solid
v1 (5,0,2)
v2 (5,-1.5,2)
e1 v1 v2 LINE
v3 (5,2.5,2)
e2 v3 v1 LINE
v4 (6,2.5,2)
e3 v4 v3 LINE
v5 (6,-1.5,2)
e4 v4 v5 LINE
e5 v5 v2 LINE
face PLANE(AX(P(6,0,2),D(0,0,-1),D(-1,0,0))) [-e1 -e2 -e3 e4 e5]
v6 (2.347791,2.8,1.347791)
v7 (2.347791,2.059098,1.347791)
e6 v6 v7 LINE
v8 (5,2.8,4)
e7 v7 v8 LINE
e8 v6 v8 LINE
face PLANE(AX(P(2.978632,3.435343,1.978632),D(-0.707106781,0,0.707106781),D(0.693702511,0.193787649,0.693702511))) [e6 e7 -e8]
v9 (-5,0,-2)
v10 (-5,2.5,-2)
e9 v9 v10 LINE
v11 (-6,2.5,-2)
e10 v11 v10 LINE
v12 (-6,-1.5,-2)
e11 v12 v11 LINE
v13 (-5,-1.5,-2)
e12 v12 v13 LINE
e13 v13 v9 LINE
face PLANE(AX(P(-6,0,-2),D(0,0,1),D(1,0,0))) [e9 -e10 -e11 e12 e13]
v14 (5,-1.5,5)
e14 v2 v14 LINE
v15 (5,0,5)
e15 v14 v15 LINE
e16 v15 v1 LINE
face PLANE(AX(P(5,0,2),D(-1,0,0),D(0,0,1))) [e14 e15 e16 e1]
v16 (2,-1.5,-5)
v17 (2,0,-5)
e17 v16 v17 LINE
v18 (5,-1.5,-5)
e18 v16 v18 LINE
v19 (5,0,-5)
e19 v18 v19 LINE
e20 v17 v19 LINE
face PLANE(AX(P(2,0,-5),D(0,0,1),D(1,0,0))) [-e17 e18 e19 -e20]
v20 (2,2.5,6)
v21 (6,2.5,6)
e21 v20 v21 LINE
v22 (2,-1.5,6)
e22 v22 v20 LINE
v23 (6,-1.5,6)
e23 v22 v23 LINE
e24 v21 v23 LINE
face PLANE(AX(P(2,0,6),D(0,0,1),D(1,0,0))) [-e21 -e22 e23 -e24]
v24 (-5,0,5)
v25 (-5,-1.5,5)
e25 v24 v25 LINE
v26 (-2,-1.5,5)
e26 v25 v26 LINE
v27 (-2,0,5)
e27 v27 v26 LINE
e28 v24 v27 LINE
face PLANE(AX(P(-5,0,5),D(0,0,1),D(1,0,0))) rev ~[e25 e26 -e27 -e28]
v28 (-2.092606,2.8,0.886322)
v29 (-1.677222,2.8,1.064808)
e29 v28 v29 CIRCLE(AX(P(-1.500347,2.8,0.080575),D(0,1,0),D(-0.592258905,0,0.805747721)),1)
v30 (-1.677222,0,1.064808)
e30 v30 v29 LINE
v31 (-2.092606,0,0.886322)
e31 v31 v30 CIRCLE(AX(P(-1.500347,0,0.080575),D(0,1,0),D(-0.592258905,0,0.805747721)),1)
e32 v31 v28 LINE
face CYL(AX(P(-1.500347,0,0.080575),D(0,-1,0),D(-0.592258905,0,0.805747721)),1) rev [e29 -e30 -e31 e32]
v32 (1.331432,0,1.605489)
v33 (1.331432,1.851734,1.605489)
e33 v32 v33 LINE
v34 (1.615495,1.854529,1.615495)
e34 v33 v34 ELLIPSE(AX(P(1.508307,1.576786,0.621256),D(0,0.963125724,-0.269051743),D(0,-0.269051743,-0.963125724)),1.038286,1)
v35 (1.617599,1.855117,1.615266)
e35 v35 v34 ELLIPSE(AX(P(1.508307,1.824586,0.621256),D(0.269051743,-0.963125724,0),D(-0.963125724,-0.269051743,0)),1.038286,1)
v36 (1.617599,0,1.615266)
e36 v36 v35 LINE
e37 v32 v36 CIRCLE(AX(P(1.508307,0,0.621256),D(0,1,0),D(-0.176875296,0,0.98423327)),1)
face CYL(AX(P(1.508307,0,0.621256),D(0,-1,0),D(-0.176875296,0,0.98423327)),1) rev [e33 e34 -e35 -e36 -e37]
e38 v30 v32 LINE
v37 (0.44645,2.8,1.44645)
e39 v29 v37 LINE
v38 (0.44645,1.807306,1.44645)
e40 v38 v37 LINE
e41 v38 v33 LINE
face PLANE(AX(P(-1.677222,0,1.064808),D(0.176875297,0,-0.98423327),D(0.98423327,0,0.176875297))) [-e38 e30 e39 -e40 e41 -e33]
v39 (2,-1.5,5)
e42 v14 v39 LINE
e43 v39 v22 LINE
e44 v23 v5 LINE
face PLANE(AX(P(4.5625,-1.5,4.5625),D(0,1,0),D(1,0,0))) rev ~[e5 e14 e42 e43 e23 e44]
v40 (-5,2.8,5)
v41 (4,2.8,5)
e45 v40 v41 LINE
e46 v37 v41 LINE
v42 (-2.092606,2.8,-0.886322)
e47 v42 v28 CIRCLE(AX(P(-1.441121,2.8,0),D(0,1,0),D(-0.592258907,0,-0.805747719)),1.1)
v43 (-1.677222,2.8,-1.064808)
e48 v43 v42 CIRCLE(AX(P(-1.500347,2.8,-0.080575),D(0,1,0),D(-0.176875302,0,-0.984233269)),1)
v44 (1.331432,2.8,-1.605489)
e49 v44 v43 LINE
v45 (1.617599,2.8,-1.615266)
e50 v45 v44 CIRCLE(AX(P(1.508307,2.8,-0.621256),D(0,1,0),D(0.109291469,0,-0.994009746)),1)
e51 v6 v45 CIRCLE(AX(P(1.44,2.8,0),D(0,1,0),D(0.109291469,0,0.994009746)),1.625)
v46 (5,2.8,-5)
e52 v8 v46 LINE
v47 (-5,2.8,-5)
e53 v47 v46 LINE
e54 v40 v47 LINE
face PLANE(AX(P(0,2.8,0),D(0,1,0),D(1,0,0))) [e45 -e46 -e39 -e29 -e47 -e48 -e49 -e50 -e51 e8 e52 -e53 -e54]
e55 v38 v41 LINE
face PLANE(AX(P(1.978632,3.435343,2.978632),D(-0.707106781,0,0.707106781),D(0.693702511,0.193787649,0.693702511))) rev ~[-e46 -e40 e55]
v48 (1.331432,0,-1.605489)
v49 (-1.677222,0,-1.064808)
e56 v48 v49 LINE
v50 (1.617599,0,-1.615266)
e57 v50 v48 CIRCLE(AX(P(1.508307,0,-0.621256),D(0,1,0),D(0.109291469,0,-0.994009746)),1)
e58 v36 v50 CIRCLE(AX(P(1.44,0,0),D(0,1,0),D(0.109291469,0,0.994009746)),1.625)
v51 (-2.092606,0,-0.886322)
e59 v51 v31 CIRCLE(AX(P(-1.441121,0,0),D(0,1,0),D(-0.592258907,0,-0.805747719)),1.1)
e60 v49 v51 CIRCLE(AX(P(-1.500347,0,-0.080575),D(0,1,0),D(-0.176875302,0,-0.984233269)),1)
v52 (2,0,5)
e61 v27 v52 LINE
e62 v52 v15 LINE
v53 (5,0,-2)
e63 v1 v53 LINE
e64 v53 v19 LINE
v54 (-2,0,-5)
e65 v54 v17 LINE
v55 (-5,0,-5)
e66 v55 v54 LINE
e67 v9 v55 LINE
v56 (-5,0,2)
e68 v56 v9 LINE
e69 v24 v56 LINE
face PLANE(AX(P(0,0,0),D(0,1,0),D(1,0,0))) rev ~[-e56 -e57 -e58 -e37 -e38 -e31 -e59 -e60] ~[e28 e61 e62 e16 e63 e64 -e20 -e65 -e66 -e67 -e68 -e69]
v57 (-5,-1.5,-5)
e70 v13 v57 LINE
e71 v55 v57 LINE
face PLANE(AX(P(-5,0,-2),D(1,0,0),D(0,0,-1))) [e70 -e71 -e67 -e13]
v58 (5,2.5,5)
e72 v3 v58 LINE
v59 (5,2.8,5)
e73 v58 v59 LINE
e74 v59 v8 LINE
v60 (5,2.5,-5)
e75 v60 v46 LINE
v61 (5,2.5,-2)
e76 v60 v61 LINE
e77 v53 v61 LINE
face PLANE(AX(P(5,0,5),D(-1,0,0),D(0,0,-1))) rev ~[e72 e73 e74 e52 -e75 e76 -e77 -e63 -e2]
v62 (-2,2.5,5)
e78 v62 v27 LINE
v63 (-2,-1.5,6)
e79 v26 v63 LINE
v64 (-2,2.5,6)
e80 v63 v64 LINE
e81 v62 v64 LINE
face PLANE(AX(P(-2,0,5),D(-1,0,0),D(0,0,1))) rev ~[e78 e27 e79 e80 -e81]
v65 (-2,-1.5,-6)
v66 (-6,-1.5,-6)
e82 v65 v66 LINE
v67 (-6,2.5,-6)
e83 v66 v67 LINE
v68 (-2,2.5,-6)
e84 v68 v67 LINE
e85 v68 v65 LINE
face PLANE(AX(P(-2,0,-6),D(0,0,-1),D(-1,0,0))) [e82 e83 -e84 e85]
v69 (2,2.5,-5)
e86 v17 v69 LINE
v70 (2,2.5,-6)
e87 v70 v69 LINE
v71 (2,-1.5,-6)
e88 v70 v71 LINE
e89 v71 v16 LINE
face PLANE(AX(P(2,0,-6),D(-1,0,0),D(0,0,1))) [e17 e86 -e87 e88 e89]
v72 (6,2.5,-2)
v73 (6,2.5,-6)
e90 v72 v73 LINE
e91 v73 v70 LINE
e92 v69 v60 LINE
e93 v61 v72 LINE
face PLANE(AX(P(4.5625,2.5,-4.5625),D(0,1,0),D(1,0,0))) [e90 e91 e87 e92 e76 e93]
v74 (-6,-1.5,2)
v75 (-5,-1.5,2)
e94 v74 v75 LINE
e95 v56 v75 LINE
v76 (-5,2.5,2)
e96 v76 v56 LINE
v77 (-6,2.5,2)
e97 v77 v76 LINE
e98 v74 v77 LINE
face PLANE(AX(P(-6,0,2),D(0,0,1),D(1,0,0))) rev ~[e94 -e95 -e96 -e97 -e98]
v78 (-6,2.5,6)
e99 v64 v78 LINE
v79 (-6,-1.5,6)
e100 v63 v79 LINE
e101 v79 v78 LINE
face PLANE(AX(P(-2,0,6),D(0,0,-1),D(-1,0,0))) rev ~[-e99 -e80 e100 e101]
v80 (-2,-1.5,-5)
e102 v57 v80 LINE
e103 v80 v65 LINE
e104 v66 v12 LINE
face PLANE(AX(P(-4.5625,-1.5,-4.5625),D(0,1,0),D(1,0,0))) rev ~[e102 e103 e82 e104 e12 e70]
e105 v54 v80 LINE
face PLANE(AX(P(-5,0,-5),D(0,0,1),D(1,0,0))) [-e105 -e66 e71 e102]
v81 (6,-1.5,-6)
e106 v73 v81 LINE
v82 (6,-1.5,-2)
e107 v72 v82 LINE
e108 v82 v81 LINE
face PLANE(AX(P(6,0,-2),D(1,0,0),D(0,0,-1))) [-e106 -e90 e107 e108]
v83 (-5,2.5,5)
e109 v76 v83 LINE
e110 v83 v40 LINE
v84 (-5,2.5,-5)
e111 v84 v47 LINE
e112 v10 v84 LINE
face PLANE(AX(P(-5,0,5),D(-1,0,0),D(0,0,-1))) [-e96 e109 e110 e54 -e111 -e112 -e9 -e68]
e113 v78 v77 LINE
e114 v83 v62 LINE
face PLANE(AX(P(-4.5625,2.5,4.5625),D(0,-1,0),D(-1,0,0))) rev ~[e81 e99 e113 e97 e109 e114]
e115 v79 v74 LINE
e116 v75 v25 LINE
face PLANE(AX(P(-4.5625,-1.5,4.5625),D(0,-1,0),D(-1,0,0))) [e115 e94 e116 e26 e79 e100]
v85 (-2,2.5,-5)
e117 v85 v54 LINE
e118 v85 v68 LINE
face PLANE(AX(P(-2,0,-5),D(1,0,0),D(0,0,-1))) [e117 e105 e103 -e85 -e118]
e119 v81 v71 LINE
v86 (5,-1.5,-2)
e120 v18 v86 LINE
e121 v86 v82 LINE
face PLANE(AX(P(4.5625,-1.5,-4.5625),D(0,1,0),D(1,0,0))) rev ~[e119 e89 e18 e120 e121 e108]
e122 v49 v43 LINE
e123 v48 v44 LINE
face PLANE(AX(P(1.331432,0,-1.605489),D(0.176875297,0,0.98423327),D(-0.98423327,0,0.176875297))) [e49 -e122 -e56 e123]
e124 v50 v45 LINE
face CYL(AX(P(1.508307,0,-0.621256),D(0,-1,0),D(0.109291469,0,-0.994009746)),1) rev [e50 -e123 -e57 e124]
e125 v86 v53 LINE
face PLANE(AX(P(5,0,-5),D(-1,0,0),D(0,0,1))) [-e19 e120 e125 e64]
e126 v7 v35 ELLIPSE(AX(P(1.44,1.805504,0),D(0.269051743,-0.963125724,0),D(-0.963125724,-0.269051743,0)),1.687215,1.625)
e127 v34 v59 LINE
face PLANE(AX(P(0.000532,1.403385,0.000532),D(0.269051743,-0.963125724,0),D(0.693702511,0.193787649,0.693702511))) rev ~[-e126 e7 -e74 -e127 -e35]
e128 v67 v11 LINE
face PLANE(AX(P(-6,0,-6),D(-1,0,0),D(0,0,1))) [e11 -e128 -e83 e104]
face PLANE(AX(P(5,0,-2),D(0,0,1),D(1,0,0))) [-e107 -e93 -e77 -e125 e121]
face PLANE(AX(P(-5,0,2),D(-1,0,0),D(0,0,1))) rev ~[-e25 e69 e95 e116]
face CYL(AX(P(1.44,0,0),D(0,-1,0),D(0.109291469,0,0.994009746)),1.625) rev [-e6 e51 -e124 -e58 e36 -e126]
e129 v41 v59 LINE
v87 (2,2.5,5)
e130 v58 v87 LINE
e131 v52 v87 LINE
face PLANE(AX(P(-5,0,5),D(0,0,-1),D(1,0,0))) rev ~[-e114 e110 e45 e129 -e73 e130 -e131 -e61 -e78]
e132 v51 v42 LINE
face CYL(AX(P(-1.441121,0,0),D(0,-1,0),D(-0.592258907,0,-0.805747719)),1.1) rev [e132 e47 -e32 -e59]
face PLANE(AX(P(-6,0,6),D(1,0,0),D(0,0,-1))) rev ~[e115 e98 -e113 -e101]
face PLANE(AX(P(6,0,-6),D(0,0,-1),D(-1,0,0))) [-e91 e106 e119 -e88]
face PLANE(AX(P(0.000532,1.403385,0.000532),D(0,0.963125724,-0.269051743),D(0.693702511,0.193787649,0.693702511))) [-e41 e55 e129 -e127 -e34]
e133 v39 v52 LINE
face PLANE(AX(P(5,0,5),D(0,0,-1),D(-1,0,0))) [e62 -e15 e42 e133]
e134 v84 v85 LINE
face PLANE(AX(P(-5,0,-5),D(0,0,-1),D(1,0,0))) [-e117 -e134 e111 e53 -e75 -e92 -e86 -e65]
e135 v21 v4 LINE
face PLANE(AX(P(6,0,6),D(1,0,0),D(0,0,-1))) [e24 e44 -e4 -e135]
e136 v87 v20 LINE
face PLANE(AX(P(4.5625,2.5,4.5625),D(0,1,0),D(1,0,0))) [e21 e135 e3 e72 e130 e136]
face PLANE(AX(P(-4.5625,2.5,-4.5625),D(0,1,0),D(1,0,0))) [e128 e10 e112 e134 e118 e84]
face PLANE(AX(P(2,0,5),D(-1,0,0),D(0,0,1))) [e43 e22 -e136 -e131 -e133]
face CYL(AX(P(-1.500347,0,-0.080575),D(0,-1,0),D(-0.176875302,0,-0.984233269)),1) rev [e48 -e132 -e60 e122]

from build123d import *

# Parameters (mm, degrees)
BOSS_EXTRUDE2_DEPTH   = 2.5
BOSS_EXTRUDE2_2_DEPTH = 2.5
BOSS_EXTRUDE2_3_DEPTH = 2.5
BOSS_EXTRUDE2_4_DEPTH = 2.5
BOSS_EXTRUDE3_DEPTH   = 1.5
SKETCH1_W             = 10
SKETCH1_H             = 10
BOSS_EXTRUDE4_DEPTH   = 2.8
CUT_EXTRUDE11_DEPTH   = 1
CUT_EXTRUDE14_DEPTH   = 1


with BuildPart() as part:
    # Sketch2 → Boss-Extrude2 (new body)
    with BuildSketch(Plane(origin=(0, 0, 0), x_dir=(1, 0, 0), z_dir=(0, 1, 0))):
        Polygon((-2, 6), (-6, 6), (-6, 2), (-5, 2), (-5, 5), (-2, 5), align=None)
    extrude(amount=BOSS_EXTRUDE2_DEPTH)



with BuildPart() as body_2:
    # Sketch2 → Boss-Extrude2 2 (new body)
    with BuildSketch(Plane(origin=(0, 0, 0), x_dir=(1, 0, 0), z_dir=(0, 1, 0))):
        Polygon((2, 6), (2, 5), (5, 5), (5, 2), (6, 2), (6, 6), align=None)
    extrude(amount=BOSS_EXTRUDE2_2_DEPTH)


with BuildPart() as body_3:
    # Sketch2 → Boss-Extrude2 3 (new body)
    with BuildSketch(Plane(origin=(0, 0, 0), x_dir=(1, 0, 0), z_dir=(0, 1, 0))):
        Polygon((5, -2), (5, -5), (2, -5), (2, -6), (6, -6), (6, -2), align=None)
    extrude(amount=BOSS_EXTRUDE2_3_DEPTH)


with BuildPart() as body_4:
    # Sketch2 → Boss-Extrude2 4 (new body)
    with BuildSketch(Plane(origin=(0, 0, 0), x_dir=(1, 0, 0), z_dir=(0, 1, 0))):
        Polygon((-6, -2), (-5, -2), (-5, -5), (-2, -5), (-2, -6), (-6, -6), align=None)
    extrude(amount=BOSS_EXTRUDE2_4_DEPTH)

    # Sketch2<4> → Boss-Extrude3 (add)
    with BuildSketch(Plane(origin=(0, 0, 0), x_dir=(1, 0, 0), z_dir=(0, 1, 0))):
        Polygon((-2, 6), (-6, 6), (-6, 2), (-5, 2), (-5, 5), (-2, 5), align=None)
        Polygon((2, 6), (2, 5), (5, 5), (5, 2), (6, 2), (6, 6), align=None)
        Polygon((5, -2), (5, -5), (2, -5), (2, -6), (6, -6), (6, -2), align=None)
        Polygon((-6, -2), (-5, -2), (-5, -5), (-2, -5), (-2, -6), (-6, -6), align=None)
    extrude(amount=-BOSS_EXTRUDE3_DEPTH)


with BuildPart() as boss_extrude3_piece_1:
    # of the separate pieces the step leaves, piece 1, a body of its own (boss_extrude3_pieces)
    add(body_4.part.solids().sort_by_distance((-6, 2.5, 2))[0])


with BuildPart() as boss_extrude3_piece_2:
    # of the separate pieces the step leaves, piece 2, a body of its own (boss_extrude3_pieces)
    add(body_4.part.solids().sort_by_distance((-2, 0, -6))[0])


with BuildPart() as boss_extrude3_piece_3:
    # of the separate pieces the step leaves, piece 3, a body of its own (boss_extrude3_pieces)
    add(body_4.part.solids().sort_by_distance((2, 0, -6))[0])


with BuildPart() as boss_extrude3_piece_4:
    # of the separate pieces the step leaves, piece 4, a body of its own (boss_extrude3_pieces)
    add(body_4.part.solids().sort_by_distance((5, 0, 2))[0])


with BuildPart() as part_1:
    add(part.part)

    add(body_2.part)  # Boss-Extrude4 merges body 2

    add(body_3.part)  # Boss-Extrude4 merges body 3

    add(boss_extrude3_piece_1.part)  # Boss-Extrude4 merges Boss-Extrude3 piece 1

    add(boss_extrude3_piece_2.part)  # Boss-Extrude4 merges Boss-Extrude3 piece 2

    add(boss_extrude3_piece_3.part)  # Boss-Extrude4 merges Boss-Extrude3 piece 3

    add(boss_extrude3_piece_4.part)  # Boss-Extrude4 merges Boss-Extrude3 piece 4
    # Sketch1 → Boss-Extrude4 (add)
    with BuildSketch(Plane(origin=(0, 0, 0), x_dir=(1, 0, 0), z_dir=(0, 1, 0))):
        Rectangle(SKETCH1_W, SKETCH1_H)
        with BuildLine():
            ThreePointArc((1.617598637, -1.615265837), (3.065, 0), (1.617598637, 1.615265837))
            ThreePointArc((1.617598637, 1.615265837), (1.474163525, 1.620673027), (1.331431871, 1.605489361))
            Line((1.331431871, 1.605489361), (-1.677221968, 1.064808042))
            ThreePointArc((-1.677221968, 1.064808042), (-1.895132853, 0.999347796), (-2.092605578, 0.886322491))
            ThreePointArc((-2.092605578, 0.886322491), (-2.54112078, 0), (-2.092605578, -0.886322491))
            ThreePointArc((-2.092605578, -0.886322491), (-1.895132853, -0.999347796), (-1.677221968, -1.064808042))
            Line((-1.677221968, -1.064808042), (1.331431871, -1.605489361))
            ThreePointArc((1.331431871, -1.605489361), (1.474163525, -1.620673027), (1.617598637, -1.615265837))
        make_face(mode=Mode.SUBTRACT)
    extrude(amount=BOSS_EXTRUDE4_DEPTH)

    # 3DSketch1 → Cut-Extrude11 (cut, along a direction that is not the sketch's normal)
    with BuildSketch(Plane(origin=(5, 2.8, 5), x_dir=(-0.693702510890827, -0.1937876486453734, -0.6937025108908424), z_dir=(0.7071067811865555, 0, -0.7071067811865397))):
        Polygon((0, 0), (-0.732362778, 3.707562105), (7.206933902, 0), align=None)
    extrude(amount=-CUT_EXTRUDE11_DEPTH, dir=(1, 0, 0), mode=Mode.SUBTRACT)

    # 3DSketch1<9> → Cut-Extrude14 (cut, along a direction that is not the sketch's normal)
    with BuildSketch(Plane(origin=(5, 2.8, 5), x_dir=(-0.693702510890827, -0.1937876486453734, -0.6937025108908424), z_dir=(0.7071067811865555, 0, -0.7071067811865397))):
        Polygon((0, 0), (-0.732362778, 3.707562105), (7.206933902, 0), align=None)
    extrude(amount=CUT_EXTRUDE14_DEPTH, dir=(0, 0, -1), mode=Mode.SUBTRACT)


solid = part_1.part
